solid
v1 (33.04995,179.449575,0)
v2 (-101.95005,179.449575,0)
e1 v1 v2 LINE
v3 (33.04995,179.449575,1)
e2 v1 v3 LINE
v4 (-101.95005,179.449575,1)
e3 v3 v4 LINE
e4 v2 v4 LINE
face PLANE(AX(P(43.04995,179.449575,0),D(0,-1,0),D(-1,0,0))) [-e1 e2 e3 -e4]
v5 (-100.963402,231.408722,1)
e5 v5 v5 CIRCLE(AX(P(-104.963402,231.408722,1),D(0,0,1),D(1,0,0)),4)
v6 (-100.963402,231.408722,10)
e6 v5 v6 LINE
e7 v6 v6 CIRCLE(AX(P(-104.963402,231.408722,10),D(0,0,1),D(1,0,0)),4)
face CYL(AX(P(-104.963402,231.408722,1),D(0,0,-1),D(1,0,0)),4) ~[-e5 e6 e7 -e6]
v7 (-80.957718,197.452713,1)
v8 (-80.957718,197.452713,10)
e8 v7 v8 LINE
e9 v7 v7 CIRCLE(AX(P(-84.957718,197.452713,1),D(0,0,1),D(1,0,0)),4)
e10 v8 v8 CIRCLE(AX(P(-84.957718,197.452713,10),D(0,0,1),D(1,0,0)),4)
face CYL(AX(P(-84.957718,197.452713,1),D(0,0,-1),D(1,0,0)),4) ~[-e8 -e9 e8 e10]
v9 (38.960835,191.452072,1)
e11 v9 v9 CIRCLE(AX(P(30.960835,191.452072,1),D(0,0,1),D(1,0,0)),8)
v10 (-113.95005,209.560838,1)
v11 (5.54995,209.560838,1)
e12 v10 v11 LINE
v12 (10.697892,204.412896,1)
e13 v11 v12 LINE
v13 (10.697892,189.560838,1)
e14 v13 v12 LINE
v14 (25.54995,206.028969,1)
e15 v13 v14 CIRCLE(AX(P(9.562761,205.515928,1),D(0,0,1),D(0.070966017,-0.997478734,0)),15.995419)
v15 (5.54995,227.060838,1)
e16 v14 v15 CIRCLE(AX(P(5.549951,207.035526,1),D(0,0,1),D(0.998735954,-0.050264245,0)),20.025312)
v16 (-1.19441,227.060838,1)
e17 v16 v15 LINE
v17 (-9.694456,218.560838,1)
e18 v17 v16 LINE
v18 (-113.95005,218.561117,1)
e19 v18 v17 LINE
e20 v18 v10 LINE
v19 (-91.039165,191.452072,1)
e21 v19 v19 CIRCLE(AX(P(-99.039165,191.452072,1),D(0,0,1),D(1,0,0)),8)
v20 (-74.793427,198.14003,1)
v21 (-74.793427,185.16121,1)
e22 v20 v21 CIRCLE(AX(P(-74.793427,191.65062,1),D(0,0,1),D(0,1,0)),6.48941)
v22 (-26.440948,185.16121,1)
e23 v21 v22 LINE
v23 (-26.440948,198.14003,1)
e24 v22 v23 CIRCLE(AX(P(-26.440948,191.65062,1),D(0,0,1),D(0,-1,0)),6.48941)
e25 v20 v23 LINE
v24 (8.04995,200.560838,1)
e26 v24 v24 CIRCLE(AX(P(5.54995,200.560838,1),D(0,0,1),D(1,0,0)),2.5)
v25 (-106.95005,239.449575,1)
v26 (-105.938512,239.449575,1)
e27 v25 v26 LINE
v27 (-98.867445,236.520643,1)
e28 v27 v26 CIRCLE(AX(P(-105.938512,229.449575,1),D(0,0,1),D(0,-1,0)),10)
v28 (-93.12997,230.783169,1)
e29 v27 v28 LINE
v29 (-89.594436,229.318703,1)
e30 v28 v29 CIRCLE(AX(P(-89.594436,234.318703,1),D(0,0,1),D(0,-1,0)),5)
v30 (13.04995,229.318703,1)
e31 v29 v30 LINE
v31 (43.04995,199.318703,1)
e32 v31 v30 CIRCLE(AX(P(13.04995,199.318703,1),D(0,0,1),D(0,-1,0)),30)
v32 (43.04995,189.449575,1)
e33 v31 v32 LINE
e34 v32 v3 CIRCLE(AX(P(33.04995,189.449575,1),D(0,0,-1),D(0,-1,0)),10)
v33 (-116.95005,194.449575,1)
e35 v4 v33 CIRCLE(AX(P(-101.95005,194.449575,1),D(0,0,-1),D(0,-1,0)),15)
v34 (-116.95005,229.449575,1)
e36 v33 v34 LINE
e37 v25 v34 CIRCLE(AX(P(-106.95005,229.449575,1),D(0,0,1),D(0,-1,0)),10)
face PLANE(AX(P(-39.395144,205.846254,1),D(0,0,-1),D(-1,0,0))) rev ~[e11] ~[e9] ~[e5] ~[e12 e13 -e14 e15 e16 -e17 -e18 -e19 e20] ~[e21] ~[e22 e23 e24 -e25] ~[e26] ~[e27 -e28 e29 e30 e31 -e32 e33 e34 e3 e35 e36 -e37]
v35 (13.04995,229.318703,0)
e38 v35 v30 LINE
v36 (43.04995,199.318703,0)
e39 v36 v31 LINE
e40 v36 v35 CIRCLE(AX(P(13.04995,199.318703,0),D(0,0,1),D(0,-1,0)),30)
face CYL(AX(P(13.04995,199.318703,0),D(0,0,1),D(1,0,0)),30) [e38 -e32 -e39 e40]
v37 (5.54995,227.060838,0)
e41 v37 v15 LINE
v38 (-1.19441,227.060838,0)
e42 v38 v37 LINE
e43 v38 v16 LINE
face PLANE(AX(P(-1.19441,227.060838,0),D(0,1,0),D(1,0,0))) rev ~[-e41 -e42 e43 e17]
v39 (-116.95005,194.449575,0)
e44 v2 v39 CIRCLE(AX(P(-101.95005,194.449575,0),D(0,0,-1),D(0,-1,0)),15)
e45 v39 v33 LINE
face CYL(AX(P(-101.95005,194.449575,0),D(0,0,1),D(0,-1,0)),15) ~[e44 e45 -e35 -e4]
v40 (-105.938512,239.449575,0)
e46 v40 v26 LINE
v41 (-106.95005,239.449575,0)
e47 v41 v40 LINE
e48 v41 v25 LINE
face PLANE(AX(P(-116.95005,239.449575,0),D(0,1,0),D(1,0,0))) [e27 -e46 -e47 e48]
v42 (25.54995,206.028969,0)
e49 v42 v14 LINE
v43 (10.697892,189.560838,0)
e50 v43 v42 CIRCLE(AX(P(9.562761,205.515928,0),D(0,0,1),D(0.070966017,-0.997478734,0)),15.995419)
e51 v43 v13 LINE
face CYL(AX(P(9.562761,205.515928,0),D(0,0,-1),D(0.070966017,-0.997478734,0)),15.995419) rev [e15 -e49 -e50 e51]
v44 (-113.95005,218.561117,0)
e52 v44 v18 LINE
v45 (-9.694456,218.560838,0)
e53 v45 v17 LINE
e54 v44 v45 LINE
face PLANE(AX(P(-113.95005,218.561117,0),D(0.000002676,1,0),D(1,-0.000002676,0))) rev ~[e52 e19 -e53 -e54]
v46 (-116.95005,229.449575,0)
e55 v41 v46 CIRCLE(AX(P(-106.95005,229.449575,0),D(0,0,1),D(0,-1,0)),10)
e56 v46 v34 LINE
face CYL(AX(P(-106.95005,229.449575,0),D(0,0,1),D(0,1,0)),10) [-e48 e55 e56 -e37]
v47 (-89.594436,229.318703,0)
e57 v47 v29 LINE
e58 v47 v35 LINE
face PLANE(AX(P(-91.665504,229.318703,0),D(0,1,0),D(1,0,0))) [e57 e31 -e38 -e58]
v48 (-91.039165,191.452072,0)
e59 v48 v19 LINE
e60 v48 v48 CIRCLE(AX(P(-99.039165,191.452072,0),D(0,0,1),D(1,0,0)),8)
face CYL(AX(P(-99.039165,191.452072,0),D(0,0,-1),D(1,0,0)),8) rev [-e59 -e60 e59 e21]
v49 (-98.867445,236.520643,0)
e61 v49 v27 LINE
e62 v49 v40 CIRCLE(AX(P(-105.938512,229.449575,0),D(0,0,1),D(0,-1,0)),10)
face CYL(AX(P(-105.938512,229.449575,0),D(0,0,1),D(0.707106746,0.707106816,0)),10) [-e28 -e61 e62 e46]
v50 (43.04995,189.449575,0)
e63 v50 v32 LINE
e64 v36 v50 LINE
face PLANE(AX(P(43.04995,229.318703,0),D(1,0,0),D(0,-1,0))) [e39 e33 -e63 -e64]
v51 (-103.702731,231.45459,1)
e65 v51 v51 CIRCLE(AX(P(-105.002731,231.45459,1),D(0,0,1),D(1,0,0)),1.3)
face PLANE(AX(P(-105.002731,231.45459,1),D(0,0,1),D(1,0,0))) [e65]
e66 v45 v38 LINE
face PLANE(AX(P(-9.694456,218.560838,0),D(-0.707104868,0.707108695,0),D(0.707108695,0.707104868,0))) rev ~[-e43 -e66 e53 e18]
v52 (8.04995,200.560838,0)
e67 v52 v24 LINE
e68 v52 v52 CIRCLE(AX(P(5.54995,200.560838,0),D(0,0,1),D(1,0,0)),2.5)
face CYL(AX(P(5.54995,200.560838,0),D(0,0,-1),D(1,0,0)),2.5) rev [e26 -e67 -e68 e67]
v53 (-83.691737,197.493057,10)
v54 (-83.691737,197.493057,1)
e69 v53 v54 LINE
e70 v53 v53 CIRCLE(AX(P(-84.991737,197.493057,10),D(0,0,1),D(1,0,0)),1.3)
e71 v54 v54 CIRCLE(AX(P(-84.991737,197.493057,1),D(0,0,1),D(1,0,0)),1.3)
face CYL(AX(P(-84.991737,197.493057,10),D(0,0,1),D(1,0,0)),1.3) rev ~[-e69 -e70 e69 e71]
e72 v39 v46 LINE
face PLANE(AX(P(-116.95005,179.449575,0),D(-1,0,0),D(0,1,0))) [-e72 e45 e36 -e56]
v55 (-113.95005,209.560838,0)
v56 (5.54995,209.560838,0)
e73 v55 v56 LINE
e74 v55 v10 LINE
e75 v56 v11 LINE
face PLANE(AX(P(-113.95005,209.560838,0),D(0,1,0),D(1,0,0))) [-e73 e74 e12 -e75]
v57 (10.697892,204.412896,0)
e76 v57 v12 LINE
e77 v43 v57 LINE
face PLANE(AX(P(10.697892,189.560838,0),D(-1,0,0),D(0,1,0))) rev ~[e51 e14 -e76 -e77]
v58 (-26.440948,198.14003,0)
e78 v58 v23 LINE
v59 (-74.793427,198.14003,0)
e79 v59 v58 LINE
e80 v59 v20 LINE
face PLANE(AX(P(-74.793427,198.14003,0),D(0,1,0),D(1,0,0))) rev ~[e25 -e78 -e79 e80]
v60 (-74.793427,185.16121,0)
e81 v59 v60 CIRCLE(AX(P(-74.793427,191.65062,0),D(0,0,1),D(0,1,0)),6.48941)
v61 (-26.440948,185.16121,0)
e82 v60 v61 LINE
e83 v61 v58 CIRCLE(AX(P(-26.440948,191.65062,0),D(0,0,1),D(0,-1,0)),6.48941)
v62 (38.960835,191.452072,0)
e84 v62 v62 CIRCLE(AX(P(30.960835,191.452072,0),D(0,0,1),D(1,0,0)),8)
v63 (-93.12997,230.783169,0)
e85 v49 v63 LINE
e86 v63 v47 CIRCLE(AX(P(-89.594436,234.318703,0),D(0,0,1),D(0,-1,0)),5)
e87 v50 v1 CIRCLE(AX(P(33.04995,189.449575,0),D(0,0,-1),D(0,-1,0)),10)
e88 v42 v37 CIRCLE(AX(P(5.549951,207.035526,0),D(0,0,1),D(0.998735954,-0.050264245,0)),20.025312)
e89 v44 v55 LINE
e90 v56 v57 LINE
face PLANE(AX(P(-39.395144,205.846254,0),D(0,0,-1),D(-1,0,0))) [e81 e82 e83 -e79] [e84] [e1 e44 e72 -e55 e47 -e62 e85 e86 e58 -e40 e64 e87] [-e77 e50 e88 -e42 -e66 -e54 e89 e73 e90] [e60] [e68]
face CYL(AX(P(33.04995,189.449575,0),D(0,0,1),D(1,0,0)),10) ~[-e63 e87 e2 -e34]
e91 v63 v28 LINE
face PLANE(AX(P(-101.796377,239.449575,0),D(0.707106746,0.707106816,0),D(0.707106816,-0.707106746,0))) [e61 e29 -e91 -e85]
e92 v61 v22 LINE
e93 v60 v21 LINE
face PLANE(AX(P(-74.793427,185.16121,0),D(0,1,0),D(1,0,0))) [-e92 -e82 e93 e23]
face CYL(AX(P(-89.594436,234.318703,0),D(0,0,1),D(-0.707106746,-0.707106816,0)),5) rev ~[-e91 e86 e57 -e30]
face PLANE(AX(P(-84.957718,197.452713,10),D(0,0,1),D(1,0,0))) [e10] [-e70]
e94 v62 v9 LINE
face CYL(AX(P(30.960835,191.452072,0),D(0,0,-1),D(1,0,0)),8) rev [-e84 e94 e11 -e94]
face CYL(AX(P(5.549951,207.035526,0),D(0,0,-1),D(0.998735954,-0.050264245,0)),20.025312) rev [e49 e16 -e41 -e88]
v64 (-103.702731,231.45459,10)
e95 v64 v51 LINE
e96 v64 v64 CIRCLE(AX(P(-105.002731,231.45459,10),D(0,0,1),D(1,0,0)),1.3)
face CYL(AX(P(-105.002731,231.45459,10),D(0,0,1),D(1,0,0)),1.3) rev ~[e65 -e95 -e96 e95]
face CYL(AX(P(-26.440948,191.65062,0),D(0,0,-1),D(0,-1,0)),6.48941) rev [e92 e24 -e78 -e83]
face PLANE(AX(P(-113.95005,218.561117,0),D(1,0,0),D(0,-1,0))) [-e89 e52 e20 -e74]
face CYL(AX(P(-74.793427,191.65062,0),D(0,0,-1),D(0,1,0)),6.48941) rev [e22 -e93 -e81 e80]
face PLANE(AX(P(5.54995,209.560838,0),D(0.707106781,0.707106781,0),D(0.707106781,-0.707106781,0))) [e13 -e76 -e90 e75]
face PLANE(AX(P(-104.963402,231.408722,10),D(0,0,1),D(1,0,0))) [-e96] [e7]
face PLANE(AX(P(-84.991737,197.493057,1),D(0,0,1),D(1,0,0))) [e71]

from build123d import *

# Parameters (mm, degrees)
SKETCH001_R   = 2.5
SKETCH001_R_2 = 8
PAD_DEPTH     = 1
SKETCH003_R   = 4
PAD001_DEPTH  = 9
SKETCH004_R   = 1.3
POCKET_DEPTH  = 9
FILLET_R      = 10
FILLET001_R   = 15
FILLET002_R   = 30
FILLET003_R   = 10
FILLET004_R   = 10
FILLET005_R   = 5


with BuildPart() as part:
    # Sketch001 → Pad (new body)
    with BuildSketch(Plane.XY):
        Polygon((43.04995, 229.318703), (43.04995, 179.449575), (-116.95005, 179.449575), (-116.95005, 239.449575), (-101.796377, 239.449575), (-91.665504, 229.318703), align=None)
        with Locations((5.54995, 200.560838)):
            Circle(SKETCH001_R, mode=Mode.SUBTRACT)
        with Locations((-99.039165, 191.452072)):
            Circle(SKETCH001_R_2, mode=Mode.SUBTRACT)
        with Locations((30.960835, 191.452072)):
            Circle(SKETCH001_R_2, mode=Mode.SUBTRACT)
        with BuildLine():
            ThreePointArc((25.54995, 206.028969), (20.061493, 220.835101), (5.54995, 227.060838))
            Line((-1.19441, 227.060838), (5.54995, 227.060838))
            Line((-9.694456, 218.560838), (-1.19441, 227.060838))
            Line((-113.95005, 218.561117), (-9.694456, 218.560838))
            Line((-113.95005, 218.561117), (-113.95005, 209.560838))
            Line((-113.95005, 209.560838), (-9.618024, 209.560838))
            Line((-9.618024, 209.560838), (5.54995, 209.560838))
            Line((5.54995, 209.560838), (10.697892, 204.412896))
            Line((10.697892, 189.560838), (10.697892, 204.412896))
            ThreePointArc((10.697892, 189.560838), (21.441031, 194.803313), (25.54995, 206.028969))
        make_face(mode=Mode.SUBTRACT)
        with BuildLine():
            ThreePointArc((-74.793427, 198.14003), (-81.282837, 191.65062), (-74.793427, 185.16121))
            Line((-74.793427, 185.16121), (-26.440948, 185.16121))
            ThreePointArc((-26.440948, 185.16121), (-19.951538, 191.65062), (-26.440948, 198.14003))
            Line((-74.793427, 198.14003), (-26.440948, 198.14003))
        make_face(mode=Mode.SUBTRACT)
    extrude(amount=PAD_DEPTH)

    # Sketch003 (on Face25 of Pad) → Pad001 (join)
    with BuildSketch(Plane.XY.offset(1)):
        with Locations((-104.963402, 231.408722)):
            Circle(SKETCH003_R)
        with Locations((-84.957718, 197.452713)):
            Circle(SKETCH003_R)
    extrude(amount=PAD001_DEPTH)

    # Sketch004 (on Face29 of Pad001) → Pocket (cut)
    with BuildSketch(Plane.XY.offset(10)):
        with Locations((-105.002731, 231.45459)):
            Circle(SKETCH004_R)
        with Locations((-84.991737, 197.493057)):
            Circle(SKETCH004_R)
    extrude(amount=-POCKET_DEPTH, mode=Mode.SUBTRACT)

    # Fillet
    fillet_edges = [part.edges().sort_by_distance(p)[0] for p in [
        (43.04995, 179.449575, 0.5),
    ]]
    fillet(fillet_edges, radius=FILLET_R)

    # Fillet001
    fillet001_edges = [part.edges().sort_by_distance(p)[0] for p in [
        (-116.95005, 179.449575, 0.5),
    ]]
    fillet(fillet001_edges, radius=FILLET001_R)

    # Fillet002
    fillet002_edges = [part.edges().sort_by_distance(p)[0] for p in [
        (43.04995, 229.318703, 0.5),
    ]]
    fillet(fillet002_edges, radius=FILLET002_R)

    # Fillet003
    fillet003_edges = [part.edges().sort_by_distance(p)[0] for p in [
        (-101.796377, 239.449575, 0.5),
    ]]
    fillet(fillet003_edges, radius=FILLET003_R)

    # Fillet004
    fillet004_edges = [part.edges().sort_by_distance(p)[0] for p in [
        (-116.95005, 239.449575, 0.5),
    ]]
    fillet(fillet004_edges, radius=FILLET004_R)

    # Fillet005
    fillet005_edges = [part.edges().sort_by_distance(p)[0] for p in [
        (-91.665504, 229.318703, 0.5),
    ]]
    fillet(fillet005_edges, radius=FILLET005_R)


solid = part.part
